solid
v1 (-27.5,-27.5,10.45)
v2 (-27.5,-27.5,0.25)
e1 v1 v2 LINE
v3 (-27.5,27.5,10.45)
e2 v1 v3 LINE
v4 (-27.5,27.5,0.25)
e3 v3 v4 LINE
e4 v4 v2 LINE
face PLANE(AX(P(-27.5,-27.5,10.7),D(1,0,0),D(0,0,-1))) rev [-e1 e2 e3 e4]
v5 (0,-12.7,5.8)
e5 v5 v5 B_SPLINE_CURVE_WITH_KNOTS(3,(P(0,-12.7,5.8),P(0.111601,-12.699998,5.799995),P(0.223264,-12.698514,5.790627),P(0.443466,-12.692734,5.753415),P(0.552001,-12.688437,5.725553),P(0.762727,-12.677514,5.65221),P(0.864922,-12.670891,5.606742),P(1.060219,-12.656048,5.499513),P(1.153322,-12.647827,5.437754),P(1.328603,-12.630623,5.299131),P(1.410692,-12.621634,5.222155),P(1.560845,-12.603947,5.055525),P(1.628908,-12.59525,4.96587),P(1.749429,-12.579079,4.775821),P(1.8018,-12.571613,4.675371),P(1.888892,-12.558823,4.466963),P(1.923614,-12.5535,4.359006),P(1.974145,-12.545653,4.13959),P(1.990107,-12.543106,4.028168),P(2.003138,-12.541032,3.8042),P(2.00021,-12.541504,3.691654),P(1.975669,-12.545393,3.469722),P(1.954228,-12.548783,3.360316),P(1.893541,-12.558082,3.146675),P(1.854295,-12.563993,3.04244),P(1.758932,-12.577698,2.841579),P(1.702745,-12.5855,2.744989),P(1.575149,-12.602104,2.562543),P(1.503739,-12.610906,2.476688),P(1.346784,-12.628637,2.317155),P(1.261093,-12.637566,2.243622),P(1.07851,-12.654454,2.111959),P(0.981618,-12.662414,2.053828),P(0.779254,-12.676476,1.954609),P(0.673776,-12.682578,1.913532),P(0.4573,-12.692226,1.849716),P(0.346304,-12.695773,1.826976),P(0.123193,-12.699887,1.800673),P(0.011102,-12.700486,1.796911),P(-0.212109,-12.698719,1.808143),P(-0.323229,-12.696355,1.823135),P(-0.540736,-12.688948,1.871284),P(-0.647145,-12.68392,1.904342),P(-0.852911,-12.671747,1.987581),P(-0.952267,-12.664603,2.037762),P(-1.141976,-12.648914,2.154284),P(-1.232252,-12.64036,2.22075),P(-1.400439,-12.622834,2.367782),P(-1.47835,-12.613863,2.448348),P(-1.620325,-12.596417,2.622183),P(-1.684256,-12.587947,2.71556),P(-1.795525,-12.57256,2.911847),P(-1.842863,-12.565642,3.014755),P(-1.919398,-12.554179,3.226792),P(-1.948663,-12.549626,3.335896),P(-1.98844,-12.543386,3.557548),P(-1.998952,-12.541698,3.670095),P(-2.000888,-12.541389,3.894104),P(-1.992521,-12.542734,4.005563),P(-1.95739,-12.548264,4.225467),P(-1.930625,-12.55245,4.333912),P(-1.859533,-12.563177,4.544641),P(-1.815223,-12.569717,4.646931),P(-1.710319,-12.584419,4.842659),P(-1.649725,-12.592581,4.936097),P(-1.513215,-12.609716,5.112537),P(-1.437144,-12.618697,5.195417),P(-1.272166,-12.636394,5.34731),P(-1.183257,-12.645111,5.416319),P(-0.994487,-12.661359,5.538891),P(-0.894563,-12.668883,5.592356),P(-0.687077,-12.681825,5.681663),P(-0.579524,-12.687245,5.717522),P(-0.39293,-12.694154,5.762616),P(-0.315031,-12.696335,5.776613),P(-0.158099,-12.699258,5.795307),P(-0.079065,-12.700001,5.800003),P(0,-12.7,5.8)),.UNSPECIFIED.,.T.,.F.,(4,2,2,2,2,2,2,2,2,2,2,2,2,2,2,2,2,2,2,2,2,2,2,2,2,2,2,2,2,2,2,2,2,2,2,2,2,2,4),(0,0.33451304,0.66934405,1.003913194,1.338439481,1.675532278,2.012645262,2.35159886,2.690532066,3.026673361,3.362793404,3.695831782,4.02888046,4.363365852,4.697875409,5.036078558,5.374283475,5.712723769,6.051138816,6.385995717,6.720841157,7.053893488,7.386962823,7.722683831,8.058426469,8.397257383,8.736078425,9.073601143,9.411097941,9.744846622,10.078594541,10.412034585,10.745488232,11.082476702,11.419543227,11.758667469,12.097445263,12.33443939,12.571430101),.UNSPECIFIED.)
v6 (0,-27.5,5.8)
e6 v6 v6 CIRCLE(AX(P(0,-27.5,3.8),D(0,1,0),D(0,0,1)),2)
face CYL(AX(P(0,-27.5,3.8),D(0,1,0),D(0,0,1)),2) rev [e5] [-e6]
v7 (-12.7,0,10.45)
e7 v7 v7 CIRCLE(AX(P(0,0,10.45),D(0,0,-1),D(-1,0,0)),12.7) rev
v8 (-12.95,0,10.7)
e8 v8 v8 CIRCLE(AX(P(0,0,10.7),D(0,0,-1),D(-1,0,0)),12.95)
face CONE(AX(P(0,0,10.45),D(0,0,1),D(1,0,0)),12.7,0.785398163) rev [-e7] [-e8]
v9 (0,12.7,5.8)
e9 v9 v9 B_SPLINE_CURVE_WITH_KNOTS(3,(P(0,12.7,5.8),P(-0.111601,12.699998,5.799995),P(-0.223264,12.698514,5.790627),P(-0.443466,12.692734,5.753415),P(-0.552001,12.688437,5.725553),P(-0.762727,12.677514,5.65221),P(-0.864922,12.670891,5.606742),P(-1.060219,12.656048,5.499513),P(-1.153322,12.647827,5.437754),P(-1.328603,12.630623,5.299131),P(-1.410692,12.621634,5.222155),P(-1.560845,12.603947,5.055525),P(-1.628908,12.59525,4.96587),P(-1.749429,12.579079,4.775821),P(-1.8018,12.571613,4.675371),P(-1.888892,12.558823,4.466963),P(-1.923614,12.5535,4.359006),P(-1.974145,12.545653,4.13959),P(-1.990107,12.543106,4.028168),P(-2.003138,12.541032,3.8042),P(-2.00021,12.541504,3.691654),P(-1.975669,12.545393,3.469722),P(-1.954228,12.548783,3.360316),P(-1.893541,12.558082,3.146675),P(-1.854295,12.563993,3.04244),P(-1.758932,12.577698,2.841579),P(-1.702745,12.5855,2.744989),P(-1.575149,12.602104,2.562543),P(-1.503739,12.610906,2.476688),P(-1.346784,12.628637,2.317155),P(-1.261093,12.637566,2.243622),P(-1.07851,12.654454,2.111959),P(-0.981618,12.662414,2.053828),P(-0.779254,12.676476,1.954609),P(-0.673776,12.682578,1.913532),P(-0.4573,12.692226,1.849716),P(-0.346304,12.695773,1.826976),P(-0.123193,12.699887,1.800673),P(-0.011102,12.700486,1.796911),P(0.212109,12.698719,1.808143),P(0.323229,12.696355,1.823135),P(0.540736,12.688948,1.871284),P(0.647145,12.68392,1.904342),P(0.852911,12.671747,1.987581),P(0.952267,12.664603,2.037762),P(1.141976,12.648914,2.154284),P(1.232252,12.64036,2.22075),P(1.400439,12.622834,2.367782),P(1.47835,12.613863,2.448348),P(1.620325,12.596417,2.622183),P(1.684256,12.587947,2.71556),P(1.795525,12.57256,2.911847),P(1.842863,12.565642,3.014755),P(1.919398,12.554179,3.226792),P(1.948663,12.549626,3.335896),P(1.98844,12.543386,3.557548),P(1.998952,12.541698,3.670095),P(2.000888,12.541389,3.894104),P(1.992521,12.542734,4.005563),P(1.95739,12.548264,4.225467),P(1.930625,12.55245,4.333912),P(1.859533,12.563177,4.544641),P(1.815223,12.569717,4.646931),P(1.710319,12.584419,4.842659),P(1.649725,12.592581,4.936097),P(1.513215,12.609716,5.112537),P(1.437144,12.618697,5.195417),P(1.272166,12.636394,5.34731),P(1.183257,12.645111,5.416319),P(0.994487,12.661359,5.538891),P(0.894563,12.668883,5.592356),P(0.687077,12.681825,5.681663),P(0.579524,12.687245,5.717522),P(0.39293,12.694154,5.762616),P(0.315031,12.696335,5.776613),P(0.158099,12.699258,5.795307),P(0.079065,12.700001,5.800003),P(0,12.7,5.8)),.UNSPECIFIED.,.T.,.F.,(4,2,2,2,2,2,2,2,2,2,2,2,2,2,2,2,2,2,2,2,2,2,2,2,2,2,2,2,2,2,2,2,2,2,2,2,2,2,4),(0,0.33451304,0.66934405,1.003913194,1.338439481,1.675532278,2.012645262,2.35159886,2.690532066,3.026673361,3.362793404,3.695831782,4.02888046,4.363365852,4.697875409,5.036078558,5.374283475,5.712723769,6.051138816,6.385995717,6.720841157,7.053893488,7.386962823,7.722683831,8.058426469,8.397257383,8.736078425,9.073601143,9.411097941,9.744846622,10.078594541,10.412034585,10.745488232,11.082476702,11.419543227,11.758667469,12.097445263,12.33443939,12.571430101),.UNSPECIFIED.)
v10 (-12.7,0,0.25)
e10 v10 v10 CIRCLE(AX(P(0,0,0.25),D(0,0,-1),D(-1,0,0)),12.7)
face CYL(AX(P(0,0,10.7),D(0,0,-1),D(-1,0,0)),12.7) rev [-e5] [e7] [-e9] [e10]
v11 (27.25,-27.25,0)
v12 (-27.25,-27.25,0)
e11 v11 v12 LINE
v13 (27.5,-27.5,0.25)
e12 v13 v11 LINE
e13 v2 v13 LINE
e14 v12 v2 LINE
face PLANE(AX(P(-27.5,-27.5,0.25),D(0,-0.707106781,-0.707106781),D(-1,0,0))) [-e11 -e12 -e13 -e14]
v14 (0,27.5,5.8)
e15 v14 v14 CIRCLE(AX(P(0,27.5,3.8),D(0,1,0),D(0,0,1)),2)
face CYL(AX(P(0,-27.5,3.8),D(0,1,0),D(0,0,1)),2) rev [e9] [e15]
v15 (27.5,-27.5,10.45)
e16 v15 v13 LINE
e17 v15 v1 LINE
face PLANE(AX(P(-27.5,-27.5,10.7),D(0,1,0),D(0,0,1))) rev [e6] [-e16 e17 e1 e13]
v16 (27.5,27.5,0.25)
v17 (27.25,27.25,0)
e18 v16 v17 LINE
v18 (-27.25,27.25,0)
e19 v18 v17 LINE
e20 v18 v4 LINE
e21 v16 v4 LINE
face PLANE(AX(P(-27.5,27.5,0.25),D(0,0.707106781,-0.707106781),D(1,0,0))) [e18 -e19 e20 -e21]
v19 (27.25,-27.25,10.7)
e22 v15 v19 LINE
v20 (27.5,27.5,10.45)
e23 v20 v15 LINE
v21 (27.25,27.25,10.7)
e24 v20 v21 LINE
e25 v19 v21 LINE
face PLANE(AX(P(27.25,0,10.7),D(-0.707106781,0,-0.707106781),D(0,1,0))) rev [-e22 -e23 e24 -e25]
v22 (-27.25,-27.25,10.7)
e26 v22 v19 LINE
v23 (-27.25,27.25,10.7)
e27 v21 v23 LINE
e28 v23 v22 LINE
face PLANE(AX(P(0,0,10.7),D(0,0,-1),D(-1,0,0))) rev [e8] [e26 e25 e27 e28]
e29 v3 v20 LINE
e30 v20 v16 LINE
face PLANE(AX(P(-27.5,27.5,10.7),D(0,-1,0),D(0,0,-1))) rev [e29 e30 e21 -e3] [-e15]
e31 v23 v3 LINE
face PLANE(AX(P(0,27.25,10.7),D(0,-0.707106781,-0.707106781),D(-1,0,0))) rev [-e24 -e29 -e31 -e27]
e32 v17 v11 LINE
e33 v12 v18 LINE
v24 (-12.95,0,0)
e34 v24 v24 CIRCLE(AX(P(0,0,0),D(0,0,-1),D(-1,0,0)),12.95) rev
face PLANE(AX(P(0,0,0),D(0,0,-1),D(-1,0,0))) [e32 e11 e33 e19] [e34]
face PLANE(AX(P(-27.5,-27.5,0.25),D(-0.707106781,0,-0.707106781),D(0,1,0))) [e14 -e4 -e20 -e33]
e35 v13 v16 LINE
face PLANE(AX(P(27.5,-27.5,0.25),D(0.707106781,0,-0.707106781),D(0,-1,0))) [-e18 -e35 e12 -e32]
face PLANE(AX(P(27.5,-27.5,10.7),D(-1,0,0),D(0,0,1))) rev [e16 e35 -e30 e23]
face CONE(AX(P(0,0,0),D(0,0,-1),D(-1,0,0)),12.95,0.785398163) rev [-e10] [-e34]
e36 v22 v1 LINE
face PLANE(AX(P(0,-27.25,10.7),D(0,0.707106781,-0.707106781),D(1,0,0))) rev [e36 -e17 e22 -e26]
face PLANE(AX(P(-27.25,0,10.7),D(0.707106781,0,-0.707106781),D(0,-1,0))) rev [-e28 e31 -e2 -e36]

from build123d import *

# Parameters (mm, degrees)
SKETCH1_W               = 55
SKETCH1_H               = 55
SKETCH1_R               = 12.7
BOSS_EXTRUDE1_DEPTH     = 10.7
CUT_EXTRUDE1_DEPTH      = 41.335964102
CUT_EXTRUDE1_DEPTH_BACK = 41.335964102
SKETCH2_R               = 2
CHAMFER1_SIZE           = 0.25


with BuildPart() as part:
    # Sketch1 → Boss-Extrude1 (new body)
    with BuildSketch(Plane.XY):
        Rectangle(SKETCH1_W, SKETCH1_H)
        Circle(SKETCH1_R, mode=Mode.SUBTRACT)
    extrude(amount=BOSS_EXTRUDE1_DEPTH)

    # Sketch2 → Cut-Extrude1 (cut, two sides: drawn at the far end of the back side and taken through both)
    with BuildSketch(Plane(origin=(0, 0, 0), x_dir=(1, 0, 0), z_dir=(0, 1, 0)).offset(-CUT_EXTRUDE1_DEPTH_BACK)):
        with Locations(Location((0, -3.8, 0), (0, 0, 270))):
            Circle(SKETCH2_R)
    extrude(amount=CUT_EXTRUDE1_DEPTH + CUT_EXTRUDE1_DEPTH_BACK, mode=Mode.SUBTRACT)

    # Chamfer1
    chamfer1_edges = [part.edges().sort_by_distance(p)[0] for p in [
        (-12.7, 0, 0),
        (-12.7, 0, 10.7),
        (-27.5, 0, 10.7),
        (0, -27.5, 10.7),
        (27.5, 0, 10.7),
        (0, -27.5, 0),
        (-27.5, 0, 0),
        (0, 27.5, 0),
        (27.5, 0, 0),
        (0, 27.5, 10.7),
    ]]
    chamfer(chamfer1_edges, length=CHAMFER1_SIZE)


solid = part.part
